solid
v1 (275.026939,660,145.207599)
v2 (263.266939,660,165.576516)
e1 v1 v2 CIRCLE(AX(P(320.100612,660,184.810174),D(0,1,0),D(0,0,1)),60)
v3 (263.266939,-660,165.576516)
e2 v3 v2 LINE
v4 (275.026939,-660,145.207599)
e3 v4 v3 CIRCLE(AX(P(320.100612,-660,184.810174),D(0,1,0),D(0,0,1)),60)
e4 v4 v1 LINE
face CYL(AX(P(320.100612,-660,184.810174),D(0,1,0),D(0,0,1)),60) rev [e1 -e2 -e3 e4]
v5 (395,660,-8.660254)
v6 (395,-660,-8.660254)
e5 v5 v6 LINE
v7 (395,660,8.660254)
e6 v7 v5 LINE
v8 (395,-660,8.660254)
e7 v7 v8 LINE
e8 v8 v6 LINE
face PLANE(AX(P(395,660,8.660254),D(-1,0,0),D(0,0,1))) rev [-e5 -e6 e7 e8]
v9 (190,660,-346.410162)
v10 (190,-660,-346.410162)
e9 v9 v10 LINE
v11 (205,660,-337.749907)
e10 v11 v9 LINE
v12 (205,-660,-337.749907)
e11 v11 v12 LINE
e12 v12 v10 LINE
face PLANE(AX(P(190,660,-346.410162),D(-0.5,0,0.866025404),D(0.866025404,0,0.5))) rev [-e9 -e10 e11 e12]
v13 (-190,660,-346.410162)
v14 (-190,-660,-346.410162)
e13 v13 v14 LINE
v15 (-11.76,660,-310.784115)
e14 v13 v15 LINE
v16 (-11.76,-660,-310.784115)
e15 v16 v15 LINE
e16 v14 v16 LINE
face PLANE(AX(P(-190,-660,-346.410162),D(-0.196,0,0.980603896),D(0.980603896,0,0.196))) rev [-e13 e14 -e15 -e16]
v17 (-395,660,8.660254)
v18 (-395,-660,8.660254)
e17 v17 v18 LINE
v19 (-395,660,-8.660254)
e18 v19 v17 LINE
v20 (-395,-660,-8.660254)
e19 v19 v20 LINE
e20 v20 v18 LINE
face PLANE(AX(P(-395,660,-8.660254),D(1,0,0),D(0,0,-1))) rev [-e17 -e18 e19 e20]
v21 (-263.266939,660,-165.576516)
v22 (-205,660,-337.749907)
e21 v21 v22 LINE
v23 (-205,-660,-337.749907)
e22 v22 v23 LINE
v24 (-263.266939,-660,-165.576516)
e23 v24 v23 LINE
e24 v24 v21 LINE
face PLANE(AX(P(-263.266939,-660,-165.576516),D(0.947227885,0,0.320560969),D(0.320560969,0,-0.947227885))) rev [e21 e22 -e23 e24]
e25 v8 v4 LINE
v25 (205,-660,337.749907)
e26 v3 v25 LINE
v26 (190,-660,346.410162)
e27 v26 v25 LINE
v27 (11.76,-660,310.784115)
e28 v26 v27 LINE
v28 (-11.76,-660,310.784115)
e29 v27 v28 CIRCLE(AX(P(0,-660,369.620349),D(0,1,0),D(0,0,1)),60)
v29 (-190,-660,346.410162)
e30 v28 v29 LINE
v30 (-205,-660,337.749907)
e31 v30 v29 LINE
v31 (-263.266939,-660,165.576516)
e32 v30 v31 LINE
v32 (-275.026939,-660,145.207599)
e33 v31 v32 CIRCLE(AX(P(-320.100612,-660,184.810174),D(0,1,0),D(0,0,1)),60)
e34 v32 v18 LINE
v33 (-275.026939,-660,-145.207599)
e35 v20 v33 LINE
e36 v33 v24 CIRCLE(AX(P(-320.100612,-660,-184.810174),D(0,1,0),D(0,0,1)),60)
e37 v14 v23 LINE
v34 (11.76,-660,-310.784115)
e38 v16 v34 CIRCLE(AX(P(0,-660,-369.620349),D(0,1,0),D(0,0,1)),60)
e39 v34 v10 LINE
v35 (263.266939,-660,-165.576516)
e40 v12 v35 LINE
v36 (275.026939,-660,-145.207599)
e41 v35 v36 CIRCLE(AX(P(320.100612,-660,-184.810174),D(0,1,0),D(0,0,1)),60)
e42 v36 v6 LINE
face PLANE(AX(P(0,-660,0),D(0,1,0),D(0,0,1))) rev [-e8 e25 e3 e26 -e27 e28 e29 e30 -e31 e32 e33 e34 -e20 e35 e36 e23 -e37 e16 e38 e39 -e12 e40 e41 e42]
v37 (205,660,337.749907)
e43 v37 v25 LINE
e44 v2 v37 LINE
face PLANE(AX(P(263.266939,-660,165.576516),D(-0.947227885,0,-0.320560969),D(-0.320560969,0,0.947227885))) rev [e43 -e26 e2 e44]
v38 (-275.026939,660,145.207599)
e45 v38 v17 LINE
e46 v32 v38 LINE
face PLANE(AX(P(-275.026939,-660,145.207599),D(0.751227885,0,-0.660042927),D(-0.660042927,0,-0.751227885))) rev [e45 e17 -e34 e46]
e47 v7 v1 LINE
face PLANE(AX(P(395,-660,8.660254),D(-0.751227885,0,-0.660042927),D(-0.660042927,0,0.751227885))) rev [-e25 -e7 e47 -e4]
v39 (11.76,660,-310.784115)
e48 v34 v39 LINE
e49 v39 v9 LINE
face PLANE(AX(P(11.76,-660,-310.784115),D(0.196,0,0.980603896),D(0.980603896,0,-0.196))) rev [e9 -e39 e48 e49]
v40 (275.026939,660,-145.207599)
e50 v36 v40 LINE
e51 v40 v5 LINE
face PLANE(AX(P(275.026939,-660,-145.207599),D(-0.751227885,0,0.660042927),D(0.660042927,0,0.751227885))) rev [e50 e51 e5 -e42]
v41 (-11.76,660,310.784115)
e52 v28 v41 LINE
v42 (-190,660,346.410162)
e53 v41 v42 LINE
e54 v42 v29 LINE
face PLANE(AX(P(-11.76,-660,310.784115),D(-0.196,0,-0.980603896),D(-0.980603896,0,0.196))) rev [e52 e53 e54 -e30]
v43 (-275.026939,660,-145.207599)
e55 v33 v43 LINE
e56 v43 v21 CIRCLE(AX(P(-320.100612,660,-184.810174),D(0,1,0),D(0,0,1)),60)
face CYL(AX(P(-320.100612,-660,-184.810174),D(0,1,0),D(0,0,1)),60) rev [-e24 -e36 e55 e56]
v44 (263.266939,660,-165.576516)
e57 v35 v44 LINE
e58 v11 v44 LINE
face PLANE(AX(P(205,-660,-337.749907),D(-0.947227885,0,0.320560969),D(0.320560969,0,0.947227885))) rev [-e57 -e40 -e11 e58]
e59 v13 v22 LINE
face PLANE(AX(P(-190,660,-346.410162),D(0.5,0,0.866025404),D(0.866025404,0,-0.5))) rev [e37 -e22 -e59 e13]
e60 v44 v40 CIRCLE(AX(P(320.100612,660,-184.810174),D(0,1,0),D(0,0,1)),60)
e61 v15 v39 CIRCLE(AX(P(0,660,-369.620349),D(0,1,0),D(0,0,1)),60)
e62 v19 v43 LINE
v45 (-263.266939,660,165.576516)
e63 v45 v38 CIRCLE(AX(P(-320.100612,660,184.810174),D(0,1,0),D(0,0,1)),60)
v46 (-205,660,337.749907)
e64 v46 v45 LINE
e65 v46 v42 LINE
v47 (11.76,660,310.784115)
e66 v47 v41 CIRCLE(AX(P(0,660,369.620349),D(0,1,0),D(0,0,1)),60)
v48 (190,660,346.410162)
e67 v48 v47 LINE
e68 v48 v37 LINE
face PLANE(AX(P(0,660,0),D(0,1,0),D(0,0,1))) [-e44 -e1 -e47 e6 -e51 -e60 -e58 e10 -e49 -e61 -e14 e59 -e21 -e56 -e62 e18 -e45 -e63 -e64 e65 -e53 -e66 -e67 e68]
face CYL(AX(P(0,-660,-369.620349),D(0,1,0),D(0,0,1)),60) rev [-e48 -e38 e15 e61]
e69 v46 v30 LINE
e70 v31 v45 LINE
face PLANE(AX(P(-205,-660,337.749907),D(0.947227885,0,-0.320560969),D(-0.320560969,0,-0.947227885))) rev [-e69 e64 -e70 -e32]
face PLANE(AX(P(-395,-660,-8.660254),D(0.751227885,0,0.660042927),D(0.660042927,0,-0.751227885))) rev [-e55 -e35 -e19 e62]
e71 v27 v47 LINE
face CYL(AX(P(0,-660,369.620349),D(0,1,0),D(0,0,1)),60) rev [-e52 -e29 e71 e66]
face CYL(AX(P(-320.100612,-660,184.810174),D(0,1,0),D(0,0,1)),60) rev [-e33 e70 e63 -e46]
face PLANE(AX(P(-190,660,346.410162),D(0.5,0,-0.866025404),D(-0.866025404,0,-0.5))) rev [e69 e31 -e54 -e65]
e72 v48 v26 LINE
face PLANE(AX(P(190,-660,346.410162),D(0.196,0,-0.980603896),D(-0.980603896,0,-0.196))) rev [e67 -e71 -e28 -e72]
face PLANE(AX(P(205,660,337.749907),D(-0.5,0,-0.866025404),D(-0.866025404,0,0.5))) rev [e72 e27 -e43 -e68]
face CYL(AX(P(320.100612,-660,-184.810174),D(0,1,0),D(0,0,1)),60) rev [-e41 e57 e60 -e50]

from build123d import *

# Parameters (mm, degrees)
EXTRUDE_1_DEPTH          = 660
CUT_EXTRUDE_1_DEPTH      = 661
CUT_EXTRUDE_1_DEPTH_BACK = 661


with BuildPart() as part:
    # 草图1 → 凸台-拉伸1 (new body, symmetric)
    with BuildSketch(Plane(origin=(0, 0, 0), x_dir=(1, 0, 0), z_dir=(0, 1, 0))):
        Polygon((395, 8.660254038), (205, 337.749907476), (190, 346.410161514), (-190, 346.410161514), (-205, 337.749907476), (-395, 8.660254038), (-395, -8.660254038), (-205, -337.749907476), (-190, -346.410161514), (190, -346.410161514), (205, -337.749907476), (395, -8.660254038), align=None)
    extrude(amount=EXTRUDE_1_DEPTH, both=True)

    # 草图4 → 切除-拉伸1 (cut, two sides)
    with BuildSketch(Plane(origin=(0, 0, 0), x_dir=(1, 0, 0), z_dir=(0, 1, 0))) as cut_extrude_1_sk:
        with BuildLine():
            Line((190, 369.620348729), (190, 346.410161514))
            Line((190, 346.410161514), (11.76, 310.784114995))
            ThreePointArc((11.76, 310.784114995), (0, 309.620348729), (-11.76, 310.784114995))
            Line((-11.76, 310.784114995), (-190, 346.410161514))
            Line((-190, 346.410161514), (-190, 369.620348729))
            Line((-190, 369.620348729), (-190, 392.830535944))
            Line((-190, 392.830535944), (-11.76, 428.456582463))
            ThreePointArc((-11.76, 428.456582463), (0, 429.620348729), (11.76, 428.456582463))
            Line((11.76, 428.456582463), (190, 392.830535944))
            Line((190, 392.830535944), (190, 369.620348729))
        make_face()
        with BuildLine():
            Line((415.100611755, 20.265347645), (395, 8.660254038))
            Line((395, 8.660254038), (275.026938678, 145.207598749))
            ThreePointArc((275.026938678, 145.207598749), (268.139087528, 154.810174364), (263.266938678, 165.576516246))
            Line((263.266938678, 165.576516246), (205, 337.749907476))
            Line((205, 337.749907476), (225.100611755, 349.355001084))
            Line((225.100611755, 349.355001084), (245.20122351, 360.960094691))
            Line((245.20122351, 360.960094691), (365.174284832, 224.41274998))
            ThreePointArc((365.174284832, 224.41274998), (372.062135982, 214.810174364), (376.934284832, 204.043832483))
            Line((376.934284832, 204.043832483), (435.20122351, 31.870441253))
            Line((435.20122351, 31.870441253), (415.100611755, 20.265347645))
        make_face()
        with BuildLine():
            Line((225.100611755, -349.355001084), (205, -337.749907476))
            Line((205, -337.749907476), (263.266938678, -165.576516246))
            ThreePointArc((263.266938678, -165.576516246), (268.139087528, -154.810174364), (275.026938678, -145.207598749))
            Line((275.026938678, -145.207598749), (395, -8.660254038))
            Line((395, -8.660254038), (415.100611755, -20.265347645))
            Line((415.100611755, -20.265347645), (435.20122351, -31.870441253))
            Line((435.20122351, -31.870441253), (376.934284832, -204.043832483))
            ThreePointArc((376.934284832, -204.043832483), (372.062135982, -214.810174364), (365.174284832, -224.41274998))
            Line((365.174284832, -224.41274998), (245.20122351, -360.960094691))
            Line((245.20122351, -360.960094691), (225.100611755, -349.355001084))
        make_face()
        with BuildLine():
            Line((-190, -369.620348729), (-190, -346.410161514))
            Line((-190, -346.410161514), (-11.76, -310.784114995))
            ThreePointArc((-11.76, -310.784114995), (0, -309.620348729), (11.76, -310.784114995))
            Line((11.76, -310.784114995), (190, -346.410161514))
            Line((190, -346.410161514), (190, -369.620348729))
            Line((190, -369.620348729), (190, -392.830535944))
            Line((190, -392.830535944), (11.76, -428.456582463))
            ThreePointArc((11.76, -428.456582463), (0, -429.620348729), (-11.76, -428.456582463))
            Line((-11.76, -428.456582463), (-190, -392.830535944))
            Line((-190, -392.830535944), (-190, -369.620348729))
        make_face()
        with BuildLine():
            Line((-415.100611755, -20.265347645), (-395, -8.660254038))
            Line((-395, -8.660254038), (-275.026938678, -145.207598749))
            ThreePointArc((-275.026938678, -145.207598749), (-268.139087528, -154.810174364), (-263.266938678, -165.576516246))
            Line((-263.266938678, -165.576516246), (-205, -337.749907476))
            Line((-205, -337.749907476), (-225.100611755, -349.355001084))
            Line((-225.100611755, -349.355001084), (-245.20122351, -360.960094691))
            Line((-245.20122351, -360.960094691), (-365.174284832, -224.41274998))
            ThreePointArc((-365.174284832, -224.41274998), (-372.062135982, -214.810174364), (-376.934284832, -204.043832483))
            Line((-376.934284832, -204.043832483), (-435.20122351, -31.870441253))
            Line((-435.20122351, -31.870441253), (-415.100611755, -20.265347645))
        make_face()
        with BuildLine():
            Line((-225.100611755, 349.355001084), (-205, 337.749907476))
            Line((-205, 337.749907476), (-263.266938678, 165.576516246))
            ThreePointArc((-263.266938678, 165.576516246), (-268.139087528, 154.810174364), (-275.026938678, 145.207598749))
            Line((-275.026938678, 145.207598749), (-395, 8.660254038))
            Line((-395, 8.660254038), (-415.100611755, 20.265347645))
            Line((-415.100611755, 20.265347645), (-435.20122351, 31.870441253))
            Line((-435.20122351, 31.870441253), (-376.934284832, 204.043832483))
            ThreePointArc((-376.934284832, 204.043832483), (-372.062135982, 214.810174364), (-365.174284832, 224.41274998))
            Line((-365.174284832, 224.41274998), (-245.20122351, 360.960094691))
            Line((-245.20122351, 360.960094691), (-225.100611755, 349.355001084))
        make_face()
    extrude(amount=CUT_EXTRUDE_1_DEPTH, mode=Mode.SUBTRACT)
    extrude(cut_extrude_1_sk.sketch, amount=-CUT_EXTRUDE_1_DEPTH_BACK, mode=Mode.SUBTRACT)


solid = part.part
